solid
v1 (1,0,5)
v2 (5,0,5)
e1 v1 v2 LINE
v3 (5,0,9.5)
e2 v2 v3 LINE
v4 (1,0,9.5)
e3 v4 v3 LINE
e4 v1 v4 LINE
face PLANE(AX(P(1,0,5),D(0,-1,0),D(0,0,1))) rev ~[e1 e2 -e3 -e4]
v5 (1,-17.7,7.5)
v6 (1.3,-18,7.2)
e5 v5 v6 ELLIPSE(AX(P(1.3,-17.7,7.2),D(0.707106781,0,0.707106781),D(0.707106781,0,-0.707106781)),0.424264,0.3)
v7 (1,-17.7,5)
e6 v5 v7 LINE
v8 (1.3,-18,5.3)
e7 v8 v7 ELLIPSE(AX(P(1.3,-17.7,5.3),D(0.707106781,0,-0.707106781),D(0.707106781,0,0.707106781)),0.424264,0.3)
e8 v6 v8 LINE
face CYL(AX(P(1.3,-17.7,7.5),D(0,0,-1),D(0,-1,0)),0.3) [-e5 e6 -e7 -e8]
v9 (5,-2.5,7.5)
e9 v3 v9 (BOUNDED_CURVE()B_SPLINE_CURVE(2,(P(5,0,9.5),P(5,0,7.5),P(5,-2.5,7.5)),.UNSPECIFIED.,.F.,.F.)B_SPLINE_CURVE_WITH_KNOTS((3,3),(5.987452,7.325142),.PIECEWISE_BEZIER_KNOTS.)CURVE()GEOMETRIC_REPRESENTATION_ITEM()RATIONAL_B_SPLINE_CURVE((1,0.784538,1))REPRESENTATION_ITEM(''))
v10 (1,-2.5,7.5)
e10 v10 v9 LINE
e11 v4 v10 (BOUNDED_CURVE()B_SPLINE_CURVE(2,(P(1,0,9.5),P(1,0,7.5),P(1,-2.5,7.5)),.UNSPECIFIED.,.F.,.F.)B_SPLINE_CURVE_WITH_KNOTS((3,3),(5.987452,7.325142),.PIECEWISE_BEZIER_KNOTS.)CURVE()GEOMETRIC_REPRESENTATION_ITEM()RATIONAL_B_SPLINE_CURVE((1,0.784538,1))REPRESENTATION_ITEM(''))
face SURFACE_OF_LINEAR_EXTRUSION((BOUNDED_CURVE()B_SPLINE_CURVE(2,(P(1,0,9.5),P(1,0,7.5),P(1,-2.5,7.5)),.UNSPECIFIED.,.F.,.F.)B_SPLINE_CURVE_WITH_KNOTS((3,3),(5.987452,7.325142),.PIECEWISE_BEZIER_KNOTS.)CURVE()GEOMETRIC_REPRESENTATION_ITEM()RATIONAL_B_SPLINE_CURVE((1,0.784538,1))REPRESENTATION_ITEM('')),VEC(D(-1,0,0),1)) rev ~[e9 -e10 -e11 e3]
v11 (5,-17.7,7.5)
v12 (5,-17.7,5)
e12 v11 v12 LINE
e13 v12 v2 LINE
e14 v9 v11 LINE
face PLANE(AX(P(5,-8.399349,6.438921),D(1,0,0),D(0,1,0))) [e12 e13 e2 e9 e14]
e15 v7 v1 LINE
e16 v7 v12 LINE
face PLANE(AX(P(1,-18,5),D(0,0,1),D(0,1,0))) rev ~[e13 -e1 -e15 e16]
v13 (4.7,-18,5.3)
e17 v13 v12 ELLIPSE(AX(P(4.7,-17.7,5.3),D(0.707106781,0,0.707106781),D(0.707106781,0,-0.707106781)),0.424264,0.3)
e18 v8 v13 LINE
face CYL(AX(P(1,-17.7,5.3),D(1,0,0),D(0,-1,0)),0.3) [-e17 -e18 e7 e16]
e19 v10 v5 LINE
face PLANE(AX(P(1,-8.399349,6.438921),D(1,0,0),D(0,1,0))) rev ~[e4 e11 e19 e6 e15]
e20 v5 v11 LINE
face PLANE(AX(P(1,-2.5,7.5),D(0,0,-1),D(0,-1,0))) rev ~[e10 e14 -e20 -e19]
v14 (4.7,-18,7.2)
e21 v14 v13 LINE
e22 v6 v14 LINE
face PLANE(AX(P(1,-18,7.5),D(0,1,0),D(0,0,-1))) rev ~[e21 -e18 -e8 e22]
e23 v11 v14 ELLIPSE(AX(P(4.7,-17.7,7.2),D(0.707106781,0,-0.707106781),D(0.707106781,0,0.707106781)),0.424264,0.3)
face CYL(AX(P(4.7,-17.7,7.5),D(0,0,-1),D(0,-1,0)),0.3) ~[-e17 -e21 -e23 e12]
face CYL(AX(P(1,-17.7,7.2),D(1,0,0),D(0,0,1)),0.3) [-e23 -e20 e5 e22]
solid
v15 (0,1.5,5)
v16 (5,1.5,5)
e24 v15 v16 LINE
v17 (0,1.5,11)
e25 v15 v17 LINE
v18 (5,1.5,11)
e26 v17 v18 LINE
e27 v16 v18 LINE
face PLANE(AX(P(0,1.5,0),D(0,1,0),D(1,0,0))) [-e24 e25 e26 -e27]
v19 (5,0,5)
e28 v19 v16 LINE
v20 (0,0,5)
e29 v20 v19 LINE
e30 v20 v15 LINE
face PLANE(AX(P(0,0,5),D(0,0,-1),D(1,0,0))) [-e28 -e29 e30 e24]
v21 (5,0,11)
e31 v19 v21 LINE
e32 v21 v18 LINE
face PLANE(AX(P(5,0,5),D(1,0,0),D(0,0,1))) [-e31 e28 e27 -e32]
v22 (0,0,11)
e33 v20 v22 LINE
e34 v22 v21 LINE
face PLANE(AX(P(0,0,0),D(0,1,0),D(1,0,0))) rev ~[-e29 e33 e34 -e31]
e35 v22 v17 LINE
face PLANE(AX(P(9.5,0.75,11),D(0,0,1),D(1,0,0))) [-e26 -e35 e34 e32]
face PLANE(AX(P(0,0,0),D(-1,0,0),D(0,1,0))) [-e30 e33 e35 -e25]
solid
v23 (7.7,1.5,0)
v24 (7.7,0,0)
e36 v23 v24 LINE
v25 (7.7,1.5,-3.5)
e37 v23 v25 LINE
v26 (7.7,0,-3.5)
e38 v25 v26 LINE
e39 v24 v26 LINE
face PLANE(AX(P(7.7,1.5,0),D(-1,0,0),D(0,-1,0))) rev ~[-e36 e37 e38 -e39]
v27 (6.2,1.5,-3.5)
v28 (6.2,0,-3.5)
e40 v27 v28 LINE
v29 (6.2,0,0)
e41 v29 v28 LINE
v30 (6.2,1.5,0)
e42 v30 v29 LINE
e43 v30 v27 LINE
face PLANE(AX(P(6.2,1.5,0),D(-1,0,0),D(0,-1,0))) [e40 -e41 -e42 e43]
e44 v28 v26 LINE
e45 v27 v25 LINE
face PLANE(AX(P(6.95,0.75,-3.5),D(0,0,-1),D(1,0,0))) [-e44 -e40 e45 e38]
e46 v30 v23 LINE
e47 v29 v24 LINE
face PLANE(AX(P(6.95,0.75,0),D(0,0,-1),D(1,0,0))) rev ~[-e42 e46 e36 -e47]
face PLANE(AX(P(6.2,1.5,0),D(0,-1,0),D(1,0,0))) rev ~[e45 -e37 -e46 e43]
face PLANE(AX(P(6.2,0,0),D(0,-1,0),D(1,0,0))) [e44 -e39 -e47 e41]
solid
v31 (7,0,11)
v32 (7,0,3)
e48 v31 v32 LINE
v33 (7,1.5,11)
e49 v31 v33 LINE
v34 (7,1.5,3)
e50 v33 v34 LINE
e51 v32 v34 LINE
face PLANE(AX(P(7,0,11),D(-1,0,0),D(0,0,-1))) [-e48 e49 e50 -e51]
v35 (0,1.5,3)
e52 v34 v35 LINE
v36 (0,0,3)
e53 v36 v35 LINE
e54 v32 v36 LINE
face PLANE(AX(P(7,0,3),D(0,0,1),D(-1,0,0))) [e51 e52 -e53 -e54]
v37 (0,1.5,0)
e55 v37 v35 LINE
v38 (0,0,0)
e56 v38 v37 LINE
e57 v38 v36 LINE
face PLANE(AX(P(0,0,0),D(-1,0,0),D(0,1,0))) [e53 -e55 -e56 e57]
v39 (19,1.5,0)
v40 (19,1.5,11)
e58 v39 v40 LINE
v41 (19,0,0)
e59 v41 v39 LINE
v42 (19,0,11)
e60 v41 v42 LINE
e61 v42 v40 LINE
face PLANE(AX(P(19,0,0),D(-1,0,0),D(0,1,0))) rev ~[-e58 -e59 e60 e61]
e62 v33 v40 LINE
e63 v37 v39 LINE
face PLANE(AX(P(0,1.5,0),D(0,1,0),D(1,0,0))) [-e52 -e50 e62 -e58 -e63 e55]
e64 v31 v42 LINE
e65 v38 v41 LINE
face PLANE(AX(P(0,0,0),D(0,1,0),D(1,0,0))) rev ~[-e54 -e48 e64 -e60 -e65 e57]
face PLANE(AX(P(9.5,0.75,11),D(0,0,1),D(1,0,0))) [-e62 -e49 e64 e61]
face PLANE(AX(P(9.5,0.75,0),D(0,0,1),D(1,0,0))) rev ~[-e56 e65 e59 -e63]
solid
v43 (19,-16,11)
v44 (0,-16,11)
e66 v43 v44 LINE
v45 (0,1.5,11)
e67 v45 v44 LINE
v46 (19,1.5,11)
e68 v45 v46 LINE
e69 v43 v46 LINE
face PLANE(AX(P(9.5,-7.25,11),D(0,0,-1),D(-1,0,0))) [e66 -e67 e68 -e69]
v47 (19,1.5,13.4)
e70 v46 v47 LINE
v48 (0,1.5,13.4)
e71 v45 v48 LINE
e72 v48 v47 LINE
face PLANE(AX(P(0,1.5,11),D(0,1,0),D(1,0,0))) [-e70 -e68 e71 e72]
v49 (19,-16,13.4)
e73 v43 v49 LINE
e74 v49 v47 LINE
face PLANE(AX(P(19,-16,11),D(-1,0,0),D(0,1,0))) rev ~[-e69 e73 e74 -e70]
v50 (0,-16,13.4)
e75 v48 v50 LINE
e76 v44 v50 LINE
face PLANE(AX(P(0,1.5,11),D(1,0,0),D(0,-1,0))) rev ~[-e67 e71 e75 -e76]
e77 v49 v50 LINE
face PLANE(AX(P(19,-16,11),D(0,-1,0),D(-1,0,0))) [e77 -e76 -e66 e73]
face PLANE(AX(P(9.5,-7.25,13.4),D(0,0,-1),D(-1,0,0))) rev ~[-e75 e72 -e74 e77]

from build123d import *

# Parameters (mm, degrees)
EXTRUDE001_DEPTH = 2.4
EXTRUDE002_DEPTH = 4
FILLET_R         = 0.3
SKETCH003_W      = 1.5
SKETCH003_H      = 1.5
EXTRUDE003_DEPTH = 3.5
EXTRUDE004_DEPTH = 1.5
SKETCH_W         = 19
SKETCH_H         = 1.5
EXTRUDE_DEPTH    = 11


with BuildPart() as extrude001:
    # Sketch001 (on Face6 of Extrude) → Extrude001 (new body)
    with BuildSketch(Plane.XY.offset(11)):
        Polygon((19, 0), (19, -16), (0, -16), (0, 0), (0, 1.5), (19, 1.5), align=None)
    extrude(amount=EXTRUDE001_DEPTH)


with BuildPart() as fillet_body:
    # Sketch002 (on Face4 of Extrude) → Extrude002 (new body)
    with BuildSketch(Plane(origin=(0, 0, 0), x_dir=(0, -1, 0), z_dir=(-1, 0, 0))):
        with BuildLine():
            Line((2.5, 7.5), (18, 7.5))
            Line((18, 7.5), (18, 5))
            Line((18, 5), (0, 5))
            Line((0, 5), (0, 9.5))
            add(Edge.make_bspline(
                [(0, 9.5), (0, 7.5), (2.5, 7.5)],
                knots=[5.987452, 5.987452, 5.987452, 7.325142, 7.325142, 7.325142], degree=2, weights=[1, 0.784538, 1]))
        make_face()
    extrude(amount=-EXTRUDE002_DEPTH)


with BuildPart() as fillet_body_1:
    # Extrude002 placement: moved
    add(fillet_body.part.moved(Location((1, 0, 0))))

    # Fillet
    fillet_edges = [fillet_body_1.edges().sort_by_distance(p)[0] for p in [
        (3, -18, 7.5),
        (3, -18, 5),
        (5, -18, 6.25),
        (1, -18, 6.25),
    ]]
    fillet(fillet_edges, radius=FILLET_R)


with BuildPart() as extrude003:
    # Sketch003 (on Face5 of Extrude) → Extrude003 (new body)
    with BuildSketch(Plane(origin=(0, 0, 0), x_dir=(1, 0, 0), z_dir=(0, 0, -1))):
        with Locations((6.95, -0.75)):
            Rectangle(SKETCH003_W, SKETCH003_H)
    extrude(amount=EXTRUDE003_DEPTH)


with BuildPart() as extrude004:
    # Sketch004 (on Face1 of Extrude) → Extrude004 (new body)
    with BuildSketch(Plane.XZ):
        Polygon((5, 11), (7, 11), (7, 3), (0, 3), (0, 5), (5, 5), align=None)
    extrude(amount=-EXTRUDE004_DEPTH)


with BuildPart() as cut:
    # Sketch → Extrude (new body)
    with BuildSketch(Plane.XY):
        with Locations((9.5, 0.75)):
            Rectangle(SKETCH_W, SKETCH_H)
    extrude(amount=EXTRUDE_DEPTH)

    # Cut: cut Extrude004
    add(extrude004.part, mode=Mode.SUBTRACT)


solid = Compound([extrude001.part, fillet_body_1.part, extrude003.part, cut.part])
